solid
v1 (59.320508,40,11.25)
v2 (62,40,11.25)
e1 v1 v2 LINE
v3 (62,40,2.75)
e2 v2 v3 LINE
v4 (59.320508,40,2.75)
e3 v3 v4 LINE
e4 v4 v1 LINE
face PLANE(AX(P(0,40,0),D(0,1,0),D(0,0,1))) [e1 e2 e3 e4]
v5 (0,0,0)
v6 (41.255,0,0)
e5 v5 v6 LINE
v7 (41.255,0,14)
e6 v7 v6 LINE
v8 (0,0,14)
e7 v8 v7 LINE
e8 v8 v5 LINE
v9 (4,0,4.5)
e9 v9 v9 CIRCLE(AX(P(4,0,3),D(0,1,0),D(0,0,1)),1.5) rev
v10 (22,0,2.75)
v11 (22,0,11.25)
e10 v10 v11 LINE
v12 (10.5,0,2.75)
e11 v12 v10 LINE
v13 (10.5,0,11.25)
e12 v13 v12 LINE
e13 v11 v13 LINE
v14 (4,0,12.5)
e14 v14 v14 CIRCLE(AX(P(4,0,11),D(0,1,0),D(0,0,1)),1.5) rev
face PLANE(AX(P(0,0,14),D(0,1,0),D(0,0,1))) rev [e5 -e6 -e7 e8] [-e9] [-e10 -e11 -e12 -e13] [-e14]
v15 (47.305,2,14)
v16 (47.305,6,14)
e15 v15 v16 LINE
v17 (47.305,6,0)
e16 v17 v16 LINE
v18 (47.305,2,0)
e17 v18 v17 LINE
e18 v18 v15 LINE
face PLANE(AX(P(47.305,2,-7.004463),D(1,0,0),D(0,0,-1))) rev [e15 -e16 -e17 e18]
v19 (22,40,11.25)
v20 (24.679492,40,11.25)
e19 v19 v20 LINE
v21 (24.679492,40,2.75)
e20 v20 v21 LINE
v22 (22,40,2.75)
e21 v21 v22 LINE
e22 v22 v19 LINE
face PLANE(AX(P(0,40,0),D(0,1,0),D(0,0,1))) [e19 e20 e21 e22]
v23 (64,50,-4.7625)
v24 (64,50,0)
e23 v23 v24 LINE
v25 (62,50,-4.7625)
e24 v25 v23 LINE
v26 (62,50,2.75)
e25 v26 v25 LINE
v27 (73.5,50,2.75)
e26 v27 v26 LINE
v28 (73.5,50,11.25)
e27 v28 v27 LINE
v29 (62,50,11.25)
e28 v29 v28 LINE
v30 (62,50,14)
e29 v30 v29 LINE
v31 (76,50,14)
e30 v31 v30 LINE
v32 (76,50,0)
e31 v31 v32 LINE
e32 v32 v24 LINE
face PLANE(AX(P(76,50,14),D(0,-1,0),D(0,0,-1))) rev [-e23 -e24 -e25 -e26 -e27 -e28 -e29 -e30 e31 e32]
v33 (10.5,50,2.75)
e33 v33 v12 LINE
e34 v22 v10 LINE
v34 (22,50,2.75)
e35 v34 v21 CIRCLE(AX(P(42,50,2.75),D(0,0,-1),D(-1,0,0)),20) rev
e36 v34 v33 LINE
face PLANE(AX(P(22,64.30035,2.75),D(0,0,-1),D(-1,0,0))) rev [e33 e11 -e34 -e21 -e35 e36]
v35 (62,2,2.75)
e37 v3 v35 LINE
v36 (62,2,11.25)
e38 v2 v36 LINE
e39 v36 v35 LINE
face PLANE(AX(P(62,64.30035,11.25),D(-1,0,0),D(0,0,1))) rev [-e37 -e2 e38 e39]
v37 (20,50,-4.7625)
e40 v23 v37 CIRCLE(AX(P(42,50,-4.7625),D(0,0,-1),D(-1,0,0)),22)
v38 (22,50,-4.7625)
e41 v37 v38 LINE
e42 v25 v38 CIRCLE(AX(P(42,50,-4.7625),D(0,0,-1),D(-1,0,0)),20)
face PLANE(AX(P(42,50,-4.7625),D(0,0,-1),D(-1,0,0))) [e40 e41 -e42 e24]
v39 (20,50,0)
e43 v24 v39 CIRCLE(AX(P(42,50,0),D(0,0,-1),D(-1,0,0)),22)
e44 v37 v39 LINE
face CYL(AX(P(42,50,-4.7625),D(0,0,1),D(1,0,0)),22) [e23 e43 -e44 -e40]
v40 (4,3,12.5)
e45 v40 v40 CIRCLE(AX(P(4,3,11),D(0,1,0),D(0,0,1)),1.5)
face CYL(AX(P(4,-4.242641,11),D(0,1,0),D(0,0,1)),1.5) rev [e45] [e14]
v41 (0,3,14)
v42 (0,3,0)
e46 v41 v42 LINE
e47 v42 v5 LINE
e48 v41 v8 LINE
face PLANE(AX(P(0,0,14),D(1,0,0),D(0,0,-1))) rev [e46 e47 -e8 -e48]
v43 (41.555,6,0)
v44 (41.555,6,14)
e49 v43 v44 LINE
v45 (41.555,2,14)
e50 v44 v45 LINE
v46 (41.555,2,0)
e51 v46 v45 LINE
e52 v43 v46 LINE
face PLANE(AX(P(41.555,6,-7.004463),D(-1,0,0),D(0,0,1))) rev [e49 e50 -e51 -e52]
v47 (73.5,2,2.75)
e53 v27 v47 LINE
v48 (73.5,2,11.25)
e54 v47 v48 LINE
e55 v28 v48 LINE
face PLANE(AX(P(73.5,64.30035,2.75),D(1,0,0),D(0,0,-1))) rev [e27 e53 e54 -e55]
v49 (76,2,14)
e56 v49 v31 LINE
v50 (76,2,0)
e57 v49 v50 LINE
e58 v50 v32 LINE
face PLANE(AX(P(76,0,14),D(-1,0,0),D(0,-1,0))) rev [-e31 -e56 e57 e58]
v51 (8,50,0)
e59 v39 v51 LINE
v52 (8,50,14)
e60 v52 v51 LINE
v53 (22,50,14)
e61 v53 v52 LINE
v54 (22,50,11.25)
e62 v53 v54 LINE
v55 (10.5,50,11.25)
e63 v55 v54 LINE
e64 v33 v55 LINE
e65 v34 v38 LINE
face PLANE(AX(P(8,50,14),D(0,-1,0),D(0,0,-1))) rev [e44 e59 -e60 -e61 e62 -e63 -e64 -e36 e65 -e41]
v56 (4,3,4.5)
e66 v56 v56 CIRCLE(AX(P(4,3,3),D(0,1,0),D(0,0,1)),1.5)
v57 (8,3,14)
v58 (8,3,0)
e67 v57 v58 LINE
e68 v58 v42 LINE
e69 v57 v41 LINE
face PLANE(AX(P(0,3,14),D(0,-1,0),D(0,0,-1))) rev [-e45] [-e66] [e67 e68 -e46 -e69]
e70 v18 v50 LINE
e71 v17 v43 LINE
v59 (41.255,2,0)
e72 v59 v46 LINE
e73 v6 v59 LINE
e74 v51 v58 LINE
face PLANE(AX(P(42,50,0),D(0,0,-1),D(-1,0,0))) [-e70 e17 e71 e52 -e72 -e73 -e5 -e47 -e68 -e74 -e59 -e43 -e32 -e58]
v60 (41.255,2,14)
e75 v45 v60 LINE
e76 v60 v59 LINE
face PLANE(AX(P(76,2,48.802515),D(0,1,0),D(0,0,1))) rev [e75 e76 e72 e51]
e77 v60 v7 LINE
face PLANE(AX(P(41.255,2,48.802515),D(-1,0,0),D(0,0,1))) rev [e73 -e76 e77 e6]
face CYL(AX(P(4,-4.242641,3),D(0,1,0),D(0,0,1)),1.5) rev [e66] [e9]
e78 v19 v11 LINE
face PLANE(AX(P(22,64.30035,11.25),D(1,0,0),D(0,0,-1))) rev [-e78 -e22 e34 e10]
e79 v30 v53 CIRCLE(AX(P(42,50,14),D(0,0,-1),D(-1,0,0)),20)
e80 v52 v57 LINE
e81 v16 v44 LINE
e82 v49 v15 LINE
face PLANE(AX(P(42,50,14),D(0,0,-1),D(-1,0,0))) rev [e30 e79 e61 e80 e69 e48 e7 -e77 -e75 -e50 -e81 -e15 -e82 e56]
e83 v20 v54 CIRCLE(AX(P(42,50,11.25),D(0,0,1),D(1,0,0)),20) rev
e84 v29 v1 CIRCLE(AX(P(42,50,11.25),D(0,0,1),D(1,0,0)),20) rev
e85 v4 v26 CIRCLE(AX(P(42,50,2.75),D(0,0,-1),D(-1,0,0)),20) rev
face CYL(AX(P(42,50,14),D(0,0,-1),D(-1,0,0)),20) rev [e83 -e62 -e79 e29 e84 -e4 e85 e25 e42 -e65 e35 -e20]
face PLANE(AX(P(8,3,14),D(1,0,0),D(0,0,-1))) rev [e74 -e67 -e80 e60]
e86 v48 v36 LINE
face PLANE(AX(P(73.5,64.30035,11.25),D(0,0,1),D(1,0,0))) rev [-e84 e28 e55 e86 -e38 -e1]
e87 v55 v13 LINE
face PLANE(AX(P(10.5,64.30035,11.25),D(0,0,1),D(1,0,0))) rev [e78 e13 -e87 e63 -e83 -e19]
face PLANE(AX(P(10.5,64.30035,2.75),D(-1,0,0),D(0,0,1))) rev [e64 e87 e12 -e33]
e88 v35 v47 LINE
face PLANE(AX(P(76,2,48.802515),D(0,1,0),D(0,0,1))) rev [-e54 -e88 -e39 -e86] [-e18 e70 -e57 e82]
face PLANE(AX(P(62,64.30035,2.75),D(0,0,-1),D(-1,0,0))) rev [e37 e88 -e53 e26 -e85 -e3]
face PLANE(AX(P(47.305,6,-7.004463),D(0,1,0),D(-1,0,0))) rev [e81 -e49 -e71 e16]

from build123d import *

# Parameters (mm, degrees)
BOSS_EXTRUDE1_DEPTH = 14
CUT_EXTRUDE1_REACH  = 94.043
SKETCH2_W           = 11.5
SKETCH2_H           = 8.5
SKETCH3_R           = 1.5
SCREW_HOLES_DEPTH   = 3
SKETCH4_W           = 63
SKETCH4_H           = 8.5
CUT_EXTRUDE2_DEPTH  = 10
CUT_EXTRUDE3_REACH  = 94.043
SKETCH5_W           = 34.745
SKETCH5_H           = 2
SKETCH6_W           = 5.75
SKETCH6_H           = 4
CUT_EXTRUDE4_DEPTH  = 14
BOSS_EXTRUDE2_START = -18.7625
BOSS_EXTRUDE2_DEPTH = 4.7625


with BuildPart() as part:
    # Sketch1 → Boss-Extrude1 (new body)
    with BuildSketch(Plane.XY):
        with BuildLine():
            Line((0, 0), (0, 3))
            Line((0, 3), (8, 3))
            Line((8, 3), (8, 50))
            Line((8, 50), (22, 50))
            ThreePointArc((22, 50), (42, 30), (62, 50))
            Line((62, 50), (76, 50))
            Line((76, 50), (76, 0))
            Line((76, 0), (0, 0))
        make_face()
    extrude(amount=BOSS_EXTRUDE1_DEPTH)

    # Cut-Extrude1: up to this face of the body (flat: up to its plane)
    cut_extrude1_end = Plane(part.part.faces().sort_by_distance((15, 50, 7))[0])
    # Sketch2 → Cut-Extrude1 (cut, up to the picked face)
    with BuildSketch(Plane.XZ, mode=Mode.PRIVATE) as cut_extrude1_sk1:
        with Locations((67.75, 7)):
            Rectangle(SKETCH2_W, SKETCH2_H)
    cut_extrude1_tool1 = split(extrude(cut_extrude1_sk1.sketch, amount=-CUT_EXTRUDE1_REACH, mode=Mode.PRIVATE), bisect_by=cut_extrude1_end, keep=Keep.BOTH, mode=Mode.PRIVATE)
    # Sketch2 → Cut-Extrude1 (cut, up to the picked face)
    with BuildSketch(Plane.XZ, mode=Mode.PRIVATE) as cut_extrude1_sk2:
        with Locations((16.25, 7)):
            Rectangle(SKETCH2_W, SKETCH2_H)
    cut_extrude1_tool2 = split(extrude(cut_extrude1_sk2.sketch, amount=-CUT_EXTRUDE1_REACH, mode=Mode.PRIVATE), bisect_by=cut_extrude1_end, keep=Keep.BOTH, mode=Mode.PRIVATE)
    add(cut_extrude1_tool1.solids().sort_by(Axis((67.75, 0, 7), (0, 1, 0)))[0], mode=Mode.SUBTRACT)
    add(cut_extrude1_tool2.solids().sort_by(Axis((16.25, 0, 7), (0, 1, 0)))[0], mode=Mode.SUBTRACT)

    # Sketch3 → screw holes (cut)
    with BuildSketch(Plane(origin=(0, 3, 0), x_dir=(1, 0, 0), z_dir=(0, 1, 0))):
        with Locations(Location((4, -3, 0), (0, 0, 270))):
            Circle(SKETCH3_R)
        with Locations(Location((4, -11, 0), (0, 0, 270))):
            Circle(SKETCH3_R)
    extrude(amount=-SCREW_HOLES_DEPTH, mode=Mode.SUBTRACT)

    # Sketch4 → Cut-Extrude2 (cut)
    with BuildSketch(Plane(origin=(0, 50, 0), x_dir=(1, 0, 0), z_dir=(0, 1, 0))):
        with Locations((42, -7)):
            Rectangle(SKETCH4_W, SKETCH4_H)
    extrude(amount=-CUT_EXTRUDE2_DEPTH, mode=Mode.SUBTRACT)

    # Cut-Extrude3: up to this face of the body (flat: up to its plane)
    cut_extrude3_end = Plane(part.part.faces().sort_by_distance((41.673782579, 21.087311786, 14))[0])
    # Sketch5 → Cut-Extrude3 (cut, up to the picked face)
    with BuildSketch(Plane(origin=(0, 0, 0), x_dir=(-1, 0, 0), z_dir=(0, 0, -1)), mode=Mode.PRIVATE) as cut_extrude3_sk1:
        with Locations((-58.6275, 1)):
            Rectangle(SKETCH5_W, SKETCH5_H)
    cut_extrude3_tool1 = split(extrude(cut_extrude3_sk1.sketch, amount=-CUT_EXTRUDE3_REACH, mode=Mode.PRIVATE), bisect_by=cut_extrude3_end, keep=Keep.BOTH, mode=Mode.PRIVATE)
    add(cut_extrude3_tool1.solids().sort_by(Axis((58.6275, 1, 0), (0, 0, 1)))[0], mode=Mode.SUBTRACT)

    # Sketch6 → Cut-Extrude4 (cut)
    with BuildSketch(Plane.XY.offset(14)):
        with Locations((44.43, 4)):
            Rectangle(SKETCH6_W, SKETCH6_H)
    extrude(amount=-CUT_EXTRUDE4_DEPTH, mode=Mode.SUBTRACT)

    # Sketch7 → Boss-Extrude2 (add)
    with BuildSketch(Plane.XY.offset(14).offset(BOSS_EXTRUDE2_START)):
        with BuildLine():
            Line((22, 50), (20, 50))
            ThreePointArc((20, 50), (42, 28), (64, 50))
            Line((64, 50), (62, 50))
            ThreePointArc((62, 50), (42, 30), (22, 50))
        make_face()
    extrude(amount=BOSS_EXTRUDE2_DEPTH)


solid = part.part
